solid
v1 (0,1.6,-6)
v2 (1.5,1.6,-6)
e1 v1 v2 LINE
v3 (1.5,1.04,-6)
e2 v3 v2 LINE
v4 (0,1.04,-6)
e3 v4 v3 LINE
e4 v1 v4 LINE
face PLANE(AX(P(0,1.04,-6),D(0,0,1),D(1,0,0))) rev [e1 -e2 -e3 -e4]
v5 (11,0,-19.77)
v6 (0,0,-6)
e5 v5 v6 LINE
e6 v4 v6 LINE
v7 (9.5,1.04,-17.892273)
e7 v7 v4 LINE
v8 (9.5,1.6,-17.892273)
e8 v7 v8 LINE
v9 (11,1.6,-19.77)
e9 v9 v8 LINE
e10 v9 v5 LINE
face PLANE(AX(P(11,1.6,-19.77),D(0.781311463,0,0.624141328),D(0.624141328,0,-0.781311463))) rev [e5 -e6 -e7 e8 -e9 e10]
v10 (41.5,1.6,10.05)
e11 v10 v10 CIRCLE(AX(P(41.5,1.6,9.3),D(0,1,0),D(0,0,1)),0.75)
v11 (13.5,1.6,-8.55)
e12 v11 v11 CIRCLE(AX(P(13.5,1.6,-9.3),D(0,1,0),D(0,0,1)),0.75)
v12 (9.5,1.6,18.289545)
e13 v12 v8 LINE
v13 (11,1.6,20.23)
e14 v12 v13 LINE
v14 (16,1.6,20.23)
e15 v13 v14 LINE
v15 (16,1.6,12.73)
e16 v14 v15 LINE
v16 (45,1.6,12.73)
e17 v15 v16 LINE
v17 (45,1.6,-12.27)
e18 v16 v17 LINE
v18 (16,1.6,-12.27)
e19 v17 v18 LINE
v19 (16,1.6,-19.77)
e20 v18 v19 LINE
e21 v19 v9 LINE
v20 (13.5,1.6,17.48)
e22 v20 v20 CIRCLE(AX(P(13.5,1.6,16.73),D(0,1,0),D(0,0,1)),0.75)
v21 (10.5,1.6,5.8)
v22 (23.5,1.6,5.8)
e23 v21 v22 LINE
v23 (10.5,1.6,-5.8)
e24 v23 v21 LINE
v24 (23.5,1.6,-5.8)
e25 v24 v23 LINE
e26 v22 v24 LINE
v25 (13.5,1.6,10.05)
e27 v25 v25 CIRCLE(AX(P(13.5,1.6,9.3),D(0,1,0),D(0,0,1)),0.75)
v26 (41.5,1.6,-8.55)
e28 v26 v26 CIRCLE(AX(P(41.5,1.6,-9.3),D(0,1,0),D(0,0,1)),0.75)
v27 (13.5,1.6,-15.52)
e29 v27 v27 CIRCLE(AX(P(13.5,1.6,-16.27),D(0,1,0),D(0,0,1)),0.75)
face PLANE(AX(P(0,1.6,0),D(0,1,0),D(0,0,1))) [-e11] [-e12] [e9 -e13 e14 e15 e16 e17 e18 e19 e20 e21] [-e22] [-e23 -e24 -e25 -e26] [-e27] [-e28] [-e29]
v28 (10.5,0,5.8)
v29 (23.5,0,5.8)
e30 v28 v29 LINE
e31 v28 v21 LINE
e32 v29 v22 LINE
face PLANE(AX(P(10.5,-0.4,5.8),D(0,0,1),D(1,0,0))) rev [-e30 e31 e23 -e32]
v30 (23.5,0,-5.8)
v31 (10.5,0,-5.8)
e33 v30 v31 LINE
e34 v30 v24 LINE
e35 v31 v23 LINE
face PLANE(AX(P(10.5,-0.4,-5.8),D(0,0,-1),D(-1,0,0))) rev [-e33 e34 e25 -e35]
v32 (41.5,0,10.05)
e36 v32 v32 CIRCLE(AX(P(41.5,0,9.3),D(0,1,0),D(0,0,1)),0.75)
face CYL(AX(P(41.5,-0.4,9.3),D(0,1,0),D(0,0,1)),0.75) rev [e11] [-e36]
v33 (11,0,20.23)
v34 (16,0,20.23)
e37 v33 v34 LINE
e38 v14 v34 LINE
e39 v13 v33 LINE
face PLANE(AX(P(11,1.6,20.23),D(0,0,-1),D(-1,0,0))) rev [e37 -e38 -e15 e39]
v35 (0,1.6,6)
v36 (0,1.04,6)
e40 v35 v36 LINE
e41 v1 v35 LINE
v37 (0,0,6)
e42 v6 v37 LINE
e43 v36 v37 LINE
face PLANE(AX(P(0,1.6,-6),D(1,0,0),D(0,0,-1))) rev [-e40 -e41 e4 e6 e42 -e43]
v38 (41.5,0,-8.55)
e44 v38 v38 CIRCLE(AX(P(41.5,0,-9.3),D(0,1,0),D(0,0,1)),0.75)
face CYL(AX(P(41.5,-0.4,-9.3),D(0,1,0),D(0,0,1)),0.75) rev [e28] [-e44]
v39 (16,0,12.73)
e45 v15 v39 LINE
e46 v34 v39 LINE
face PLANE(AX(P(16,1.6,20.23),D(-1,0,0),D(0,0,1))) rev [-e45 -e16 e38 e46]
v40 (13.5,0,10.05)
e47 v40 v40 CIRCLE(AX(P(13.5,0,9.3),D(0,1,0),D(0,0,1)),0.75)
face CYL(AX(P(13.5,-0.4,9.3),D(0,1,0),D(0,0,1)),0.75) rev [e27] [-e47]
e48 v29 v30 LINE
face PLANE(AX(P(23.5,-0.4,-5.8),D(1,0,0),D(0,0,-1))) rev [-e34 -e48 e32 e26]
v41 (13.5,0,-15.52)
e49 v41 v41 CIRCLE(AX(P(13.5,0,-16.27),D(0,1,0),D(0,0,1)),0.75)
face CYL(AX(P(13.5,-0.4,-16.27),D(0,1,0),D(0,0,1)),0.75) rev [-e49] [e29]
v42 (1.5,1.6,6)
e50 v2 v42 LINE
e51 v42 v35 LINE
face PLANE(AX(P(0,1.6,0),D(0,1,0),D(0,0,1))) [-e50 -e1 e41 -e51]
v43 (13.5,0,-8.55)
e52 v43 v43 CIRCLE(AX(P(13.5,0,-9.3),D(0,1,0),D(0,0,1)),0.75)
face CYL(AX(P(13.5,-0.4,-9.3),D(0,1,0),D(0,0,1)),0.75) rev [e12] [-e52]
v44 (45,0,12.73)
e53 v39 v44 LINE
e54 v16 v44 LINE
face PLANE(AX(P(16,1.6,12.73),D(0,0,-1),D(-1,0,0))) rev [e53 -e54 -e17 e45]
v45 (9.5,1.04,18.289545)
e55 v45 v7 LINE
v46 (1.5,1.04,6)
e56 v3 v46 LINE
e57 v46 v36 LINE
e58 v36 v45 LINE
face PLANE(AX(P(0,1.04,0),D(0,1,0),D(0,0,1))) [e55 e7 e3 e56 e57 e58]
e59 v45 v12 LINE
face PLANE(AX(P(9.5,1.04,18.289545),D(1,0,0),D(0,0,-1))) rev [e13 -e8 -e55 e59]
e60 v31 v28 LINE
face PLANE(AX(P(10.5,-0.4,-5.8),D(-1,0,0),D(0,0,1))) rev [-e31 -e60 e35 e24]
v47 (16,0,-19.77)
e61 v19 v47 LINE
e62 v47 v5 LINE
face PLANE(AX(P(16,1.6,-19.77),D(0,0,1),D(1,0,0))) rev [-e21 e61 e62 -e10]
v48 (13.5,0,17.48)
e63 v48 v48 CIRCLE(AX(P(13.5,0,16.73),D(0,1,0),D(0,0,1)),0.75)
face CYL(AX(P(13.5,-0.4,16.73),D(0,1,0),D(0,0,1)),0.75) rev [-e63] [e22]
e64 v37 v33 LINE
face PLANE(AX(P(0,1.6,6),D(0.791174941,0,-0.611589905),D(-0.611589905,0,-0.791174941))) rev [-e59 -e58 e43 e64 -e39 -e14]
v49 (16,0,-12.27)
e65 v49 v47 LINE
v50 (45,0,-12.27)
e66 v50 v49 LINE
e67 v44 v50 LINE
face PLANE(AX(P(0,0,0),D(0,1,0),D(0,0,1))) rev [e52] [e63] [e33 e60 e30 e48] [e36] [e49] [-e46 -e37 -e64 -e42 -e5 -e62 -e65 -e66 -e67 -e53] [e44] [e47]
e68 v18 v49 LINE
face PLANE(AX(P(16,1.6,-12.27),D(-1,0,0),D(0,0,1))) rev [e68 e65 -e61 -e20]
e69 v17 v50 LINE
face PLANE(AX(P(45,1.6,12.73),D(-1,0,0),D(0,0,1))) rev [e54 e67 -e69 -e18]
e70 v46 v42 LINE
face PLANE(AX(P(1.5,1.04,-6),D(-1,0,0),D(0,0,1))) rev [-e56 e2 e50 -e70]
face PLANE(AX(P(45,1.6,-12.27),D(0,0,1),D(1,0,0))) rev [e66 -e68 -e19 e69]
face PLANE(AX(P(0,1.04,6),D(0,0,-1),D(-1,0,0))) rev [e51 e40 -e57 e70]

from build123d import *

# Parameters (mm, degrees)
BOSS_EXTRUDE1_DEPTH = 1.6
CUT_EXTRUDE1_DEPTH  = 0.56
SKETCH3_W           = 13
SKETCH3_H           = 11.6
CUT_EXTRUDE2_DEPTH  = 2
SKETCH4_R           = 0.75
CUT_EXTRUDE3_DEPTH  = 2


with BuildPart() as part:
    # Sketch1 → Boss-Extrude1 (new body)
    with BuildSketch(Plane(origin=(0, 0, 0), x_dir=(1, 0, 0), z_dir=(0, 1, 0))):
        Polygon((0, 6), (0, -6), (11, -20.23), (16, -20.23), (16, -12.73), (45, -12.73), (45, 12.27), (16, 12.27), (16, 19.77), (11, 19.77), align=None)
    extrude(amount=BOSS_EXTRUDE1_DEPTH)

    # Sketch2 → Cut-Extrude1 (cut)
    with BuildSketch(Plane(origin=(0, 1.6, 0), x_dir=(1, 0, 0), z_dir=(0, 1, 0))):
        Polygon((0, -6), (9.5, -18.289545455), (9.5, 17.892272727), (0, 6), (1.5, 6), (1.5, -6), align=None)
    extrude(amount=-CUT_EXTRUDE1_DEPTH, mode=Mode.SUBTRACT)

    # Sketch3 → Cut-Extrude2 (cut)
    with BuildSketch(Plane(origin=(0, 1.6, 0), x_dir=(1, 0, 0), z_dir=(0, 1, 0))):
        with Locations((17, 0)):
            Rectangle(SKETCH3_W, SKETCH3_H)
    extrude(amount=-CUT_EXTRUDE2_DEPTH, mode=Mode.SUBTRACT)

    # Sketch4 → Cut-Extrude3 (cut)
    with BuildSketch(Plane(origin=(0, 1.6, 0), x_dir=(1, 0, 0), z_dir=(0, 1, 0))):
        with Locations(Location((13.5, 16.27, 0), (0, 0, 270))):
            Circle(SKETCH4_R)
        with Locations(Location((13.5, 9.3, 0), (0, 0, 270))):
            Circle(SKETCH4_R)
        with Locations(Location((41.5, 9.3, 0), (0, 0, 270))):
            Circle(SKETCH4_R)
        with Locations(Location((41.5, -9.3, 0), (0, 0, 270))):
            Circle(SKETCH4_R)
        with Locations(Location((13.5, -9.3, 0), (0, 0, 270))):
            Circle(SKETCH4_R)
        with Locations(Location((13.5, -16.73, 0), (0, 0, 270))):
            Circle(SKETCH4_R)
    extrude(amount=-CUT_EXTRUDE3_DEPTH, mode=Mode.SUBTRACT)


solid = part.part
